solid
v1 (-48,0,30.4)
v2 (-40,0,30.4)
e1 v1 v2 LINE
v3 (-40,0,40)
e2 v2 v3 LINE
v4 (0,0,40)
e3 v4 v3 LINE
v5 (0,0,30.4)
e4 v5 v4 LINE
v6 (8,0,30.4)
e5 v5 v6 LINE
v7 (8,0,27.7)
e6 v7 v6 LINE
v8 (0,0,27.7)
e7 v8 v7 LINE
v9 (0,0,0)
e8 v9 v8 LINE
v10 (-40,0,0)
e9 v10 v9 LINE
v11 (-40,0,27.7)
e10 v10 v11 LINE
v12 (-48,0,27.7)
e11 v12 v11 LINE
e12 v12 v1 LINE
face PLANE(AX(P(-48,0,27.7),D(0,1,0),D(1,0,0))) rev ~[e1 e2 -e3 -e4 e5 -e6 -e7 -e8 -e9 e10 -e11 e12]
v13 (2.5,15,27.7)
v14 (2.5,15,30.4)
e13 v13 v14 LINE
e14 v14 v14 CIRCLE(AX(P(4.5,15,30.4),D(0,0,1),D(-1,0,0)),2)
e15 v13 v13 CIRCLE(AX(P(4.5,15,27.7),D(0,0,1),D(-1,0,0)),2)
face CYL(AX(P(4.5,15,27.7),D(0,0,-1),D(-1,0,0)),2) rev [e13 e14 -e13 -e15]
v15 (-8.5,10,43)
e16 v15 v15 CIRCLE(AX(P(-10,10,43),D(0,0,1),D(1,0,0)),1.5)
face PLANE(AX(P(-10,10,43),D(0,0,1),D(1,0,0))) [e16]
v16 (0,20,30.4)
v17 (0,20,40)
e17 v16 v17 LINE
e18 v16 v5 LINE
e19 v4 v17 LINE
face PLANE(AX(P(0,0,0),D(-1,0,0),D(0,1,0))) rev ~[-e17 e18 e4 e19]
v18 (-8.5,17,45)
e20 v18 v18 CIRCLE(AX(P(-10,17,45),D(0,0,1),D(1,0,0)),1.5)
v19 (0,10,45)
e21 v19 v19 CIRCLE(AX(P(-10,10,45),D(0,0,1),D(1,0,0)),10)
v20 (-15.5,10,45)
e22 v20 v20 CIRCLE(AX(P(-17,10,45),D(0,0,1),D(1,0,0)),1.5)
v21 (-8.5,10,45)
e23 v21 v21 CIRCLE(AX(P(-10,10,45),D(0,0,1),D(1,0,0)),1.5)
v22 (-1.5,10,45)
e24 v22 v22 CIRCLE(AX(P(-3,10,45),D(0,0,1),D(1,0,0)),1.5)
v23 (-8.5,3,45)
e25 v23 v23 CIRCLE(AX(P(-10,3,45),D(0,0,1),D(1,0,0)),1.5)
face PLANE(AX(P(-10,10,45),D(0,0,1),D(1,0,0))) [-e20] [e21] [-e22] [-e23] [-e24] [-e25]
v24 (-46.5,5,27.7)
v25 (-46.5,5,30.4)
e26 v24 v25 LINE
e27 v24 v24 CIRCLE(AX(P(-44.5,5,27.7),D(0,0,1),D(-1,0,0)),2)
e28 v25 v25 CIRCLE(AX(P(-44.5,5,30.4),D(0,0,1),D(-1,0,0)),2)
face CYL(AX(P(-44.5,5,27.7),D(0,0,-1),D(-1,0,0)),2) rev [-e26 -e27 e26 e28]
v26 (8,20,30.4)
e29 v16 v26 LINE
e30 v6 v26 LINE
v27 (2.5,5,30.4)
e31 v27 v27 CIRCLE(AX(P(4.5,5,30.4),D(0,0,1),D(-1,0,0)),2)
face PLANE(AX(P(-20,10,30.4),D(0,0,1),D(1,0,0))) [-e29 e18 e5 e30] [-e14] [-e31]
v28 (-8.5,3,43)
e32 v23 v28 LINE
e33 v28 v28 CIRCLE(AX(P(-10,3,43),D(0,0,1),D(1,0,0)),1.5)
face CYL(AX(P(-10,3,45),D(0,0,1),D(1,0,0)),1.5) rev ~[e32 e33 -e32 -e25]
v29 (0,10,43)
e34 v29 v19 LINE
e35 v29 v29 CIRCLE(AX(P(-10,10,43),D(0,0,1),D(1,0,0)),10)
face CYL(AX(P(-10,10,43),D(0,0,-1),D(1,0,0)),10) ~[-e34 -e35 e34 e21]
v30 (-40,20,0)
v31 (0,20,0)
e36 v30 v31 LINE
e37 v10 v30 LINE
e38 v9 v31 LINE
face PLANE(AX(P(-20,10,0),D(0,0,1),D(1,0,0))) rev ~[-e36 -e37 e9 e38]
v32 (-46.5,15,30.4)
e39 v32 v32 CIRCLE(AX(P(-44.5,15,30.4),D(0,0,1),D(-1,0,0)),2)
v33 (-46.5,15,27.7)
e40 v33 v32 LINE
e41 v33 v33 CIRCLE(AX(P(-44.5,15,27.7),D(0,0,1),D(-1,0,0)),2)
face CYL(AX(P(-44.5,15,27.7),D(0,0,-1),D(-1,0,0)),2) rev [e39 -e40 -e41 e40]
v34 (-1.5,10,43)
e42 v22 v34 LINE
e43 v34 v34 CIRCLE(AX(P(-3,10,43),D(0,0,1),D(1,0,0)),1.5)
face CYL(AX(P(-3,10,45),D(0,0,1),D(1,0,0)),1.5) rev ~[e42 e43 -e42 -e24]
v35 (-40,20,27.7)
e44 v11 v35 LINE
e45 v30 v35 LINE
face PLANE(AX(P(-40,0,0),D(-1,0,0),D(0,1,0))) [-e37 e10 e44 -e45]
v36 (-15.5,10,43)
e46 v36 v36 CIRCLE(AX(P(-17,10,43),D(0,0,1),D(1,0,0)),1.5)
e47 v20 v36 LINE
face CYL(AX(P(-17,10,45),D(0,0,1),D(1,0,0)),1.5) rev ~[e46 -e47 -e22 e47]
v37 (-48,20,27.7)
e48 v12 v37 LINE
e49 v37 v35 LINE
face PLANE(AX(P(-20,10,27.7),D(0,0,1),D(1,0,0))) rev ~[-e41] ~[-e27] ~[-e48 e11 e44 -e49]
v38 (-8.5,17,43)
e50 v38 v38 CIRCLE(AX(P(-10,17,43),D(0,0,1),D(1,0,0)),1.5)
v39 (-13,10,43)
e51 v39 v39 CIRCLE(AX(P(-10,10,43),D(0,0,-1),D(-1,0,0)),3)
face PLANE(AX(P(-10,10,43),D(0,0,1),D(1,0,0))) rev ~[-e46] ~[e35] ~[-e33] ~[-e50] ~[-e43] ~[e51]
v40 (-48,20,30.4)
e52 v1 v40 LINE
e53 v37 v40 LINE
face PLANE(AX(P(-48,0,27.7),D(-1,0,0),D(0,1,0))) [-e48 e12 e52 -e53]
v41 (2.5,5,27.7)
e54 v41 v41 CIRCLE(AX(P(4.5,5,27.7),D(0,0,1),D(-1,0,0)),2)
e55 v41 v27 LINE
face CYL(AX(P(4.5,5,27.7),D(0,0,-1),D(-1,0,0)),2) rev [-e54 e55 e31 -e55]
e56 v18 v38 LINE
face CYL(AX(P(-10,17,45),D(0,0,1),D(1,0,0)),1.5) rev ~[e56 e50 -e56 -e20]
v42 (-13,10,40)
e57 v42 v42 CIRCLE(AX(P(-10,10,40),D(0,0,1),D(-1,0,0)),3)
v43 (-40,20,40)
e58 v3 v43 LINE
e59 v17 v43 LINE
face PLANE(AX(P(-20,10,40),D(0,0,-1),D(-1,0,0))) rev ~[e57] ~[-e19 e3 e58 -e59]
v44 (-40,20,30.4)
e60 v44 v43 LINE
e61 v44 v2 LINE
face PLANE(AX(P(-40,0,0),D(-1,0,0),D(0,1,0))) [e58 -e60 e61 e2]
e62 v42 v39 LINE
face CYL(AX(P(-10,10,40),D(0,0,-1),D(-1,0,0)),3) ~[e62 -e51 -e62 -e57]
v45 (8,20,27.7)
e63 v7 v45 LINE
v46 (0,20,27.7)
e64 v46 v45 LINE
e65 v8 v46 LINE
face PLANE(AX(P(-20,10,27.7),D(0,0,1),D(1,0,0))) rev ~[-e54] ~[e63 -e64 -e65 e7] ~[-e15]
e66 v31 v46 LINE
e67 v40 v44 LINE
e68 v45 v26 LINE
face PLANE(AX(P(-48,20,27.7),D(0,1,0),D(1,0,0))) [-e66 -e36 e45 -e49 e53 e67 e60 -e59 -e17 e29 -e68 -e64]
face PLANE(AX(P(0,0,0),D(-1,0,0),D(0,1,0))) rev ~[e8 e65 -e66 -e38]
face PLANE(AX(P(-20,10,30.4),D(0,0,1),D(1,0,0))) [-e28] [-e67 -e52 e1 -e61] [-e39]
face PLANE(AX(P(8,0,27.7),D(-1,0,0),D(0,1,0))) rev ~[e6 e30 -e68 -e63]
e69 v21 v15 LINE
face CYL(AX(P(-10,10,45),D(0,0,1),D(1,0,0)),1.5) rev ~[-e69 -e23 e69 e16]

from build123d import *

# Parameters (mm, degrees)
SKETCH_1_W           = 40
SKETCH_1_H           = 20
EXTRUDE_1_DEPTH      = 27.7
SKETCH_2_W           = 56
SKETCH_2_H           = 20
SKETCH_2_R           = 2
EXTRUDE_2_DEPTH      = 2.7
SKETCH_5_W           = 40
SKETCH_5_H           = 20
EXTRUDE_3_DEPTH      = 40
SKETCH_6_R           = 3
EXTRUDE_4_DEPTH      = 4.5
EXTRUDE_5_DEPTH      = 0.5
EXTRUDE_5_DEPTH_BACK = 1.5
SKETCH_7_R           = 10
SKETCH_8_R           = 1.5
CUT_EXTRUDE_4_DEPTH  = 2


with BuildPart() as part:
    # 草图1 → 凸台-拉伸1 (new body)
    with BuildSketch(Plane.XY):
        with Locations((-20, 10)):
            Rectangle(SKETCH_1_W, SKETCH_1_H)
    extrude(amount=EXTRUDE_1_DEPTH)

    # 草图2 → 凸台-拉伸2 (add)
    with BuildSketch(Plane.XY.offset(27.7)):
        with Locations((-20, 10)):
            Rectangle(SKETCH_2_W, SKETCH_2_H)
        with Locations(Location((-44.5, 15, 0), (0, 0, 180))):
            Circle(SKETCH_2_R, mode=Mode.SUBTRACT)
        with Locations(Location((-44.5, 5, 0), (0, 0, 180))):
            Circle(SKETCH_2_R, mode=Mode.SUBTRACT)
        with Locations(Location((4.5, 15, 0), (0, 0, 180))):
            Circle(SKETCH_2_R, mode=Mode.SUBTRACT)
        with Locations(Location((4.5, 5, 0), (0, 0, 180))):
            Circle(SKETCH_2_R, mode=Mode.SUBTRACT)
    extrude(amount=EXTRUDE_2_DEPTH)

    # 草图5 → 凸台-拉伸3 (add)
    with BuildSketch(Plane(origin=(0, 0, 0), x_dir=(-1, 0, 0), z_dir=(0, 0, -1))):
        with Locations((20, 10)):
            Rectangle(SKETCH_5_W, SKETCH_5_H)
    extrude(amount=-EXTRUDE_3_DEPTH)

    # 草图6 → 凸台-拉伸4 (add)
    with BuildSketch(Plane.XY.offset(40)):
        with Locations(Location((-10, 10, 0), (0, 0, 180))):
            Circle(SKETCH_6_R)
    extrude(amount=EXTRUDE_4_DEPTH)

    # 草图7 → 凸台-拉伸5 (add, two sides: drawn at the far end of the back side and taken through both)
    with BuildSketch(Plane.XY.offset(44.5).offset(-EXTRUDE_5_DEPTH_BACK)):
        with Locations((-10, 10)):
            Circle(SKETCH_7_R)
    extrude(amount=EXTRUDE_5_DEPTH + EXTRUDE_5_DEPTH_BACK)

    # 草图8 → 切除-拉伸4 (cut)
    with BuildSketch(Plane.XY.offset(45)):
        with Locations((-10, 10)):
            Circle(SKETCH_8_R)
        with Locations((-3, 10)):
            Circle(SKETCH_8_R)
        with Locations((-10, 17)):
            Circle(SKETCH_8_R)
        with Locations((-10, 3)):
            Circle(SKETCH_8_R)
        with Locations((-17, 10)):
            Circle(SKETCH_8_R)
    extrude(amount=-CUT_EXTRUDE_4_DEPTH, mode=Mode.SUBTRACT)


solid = part.part
